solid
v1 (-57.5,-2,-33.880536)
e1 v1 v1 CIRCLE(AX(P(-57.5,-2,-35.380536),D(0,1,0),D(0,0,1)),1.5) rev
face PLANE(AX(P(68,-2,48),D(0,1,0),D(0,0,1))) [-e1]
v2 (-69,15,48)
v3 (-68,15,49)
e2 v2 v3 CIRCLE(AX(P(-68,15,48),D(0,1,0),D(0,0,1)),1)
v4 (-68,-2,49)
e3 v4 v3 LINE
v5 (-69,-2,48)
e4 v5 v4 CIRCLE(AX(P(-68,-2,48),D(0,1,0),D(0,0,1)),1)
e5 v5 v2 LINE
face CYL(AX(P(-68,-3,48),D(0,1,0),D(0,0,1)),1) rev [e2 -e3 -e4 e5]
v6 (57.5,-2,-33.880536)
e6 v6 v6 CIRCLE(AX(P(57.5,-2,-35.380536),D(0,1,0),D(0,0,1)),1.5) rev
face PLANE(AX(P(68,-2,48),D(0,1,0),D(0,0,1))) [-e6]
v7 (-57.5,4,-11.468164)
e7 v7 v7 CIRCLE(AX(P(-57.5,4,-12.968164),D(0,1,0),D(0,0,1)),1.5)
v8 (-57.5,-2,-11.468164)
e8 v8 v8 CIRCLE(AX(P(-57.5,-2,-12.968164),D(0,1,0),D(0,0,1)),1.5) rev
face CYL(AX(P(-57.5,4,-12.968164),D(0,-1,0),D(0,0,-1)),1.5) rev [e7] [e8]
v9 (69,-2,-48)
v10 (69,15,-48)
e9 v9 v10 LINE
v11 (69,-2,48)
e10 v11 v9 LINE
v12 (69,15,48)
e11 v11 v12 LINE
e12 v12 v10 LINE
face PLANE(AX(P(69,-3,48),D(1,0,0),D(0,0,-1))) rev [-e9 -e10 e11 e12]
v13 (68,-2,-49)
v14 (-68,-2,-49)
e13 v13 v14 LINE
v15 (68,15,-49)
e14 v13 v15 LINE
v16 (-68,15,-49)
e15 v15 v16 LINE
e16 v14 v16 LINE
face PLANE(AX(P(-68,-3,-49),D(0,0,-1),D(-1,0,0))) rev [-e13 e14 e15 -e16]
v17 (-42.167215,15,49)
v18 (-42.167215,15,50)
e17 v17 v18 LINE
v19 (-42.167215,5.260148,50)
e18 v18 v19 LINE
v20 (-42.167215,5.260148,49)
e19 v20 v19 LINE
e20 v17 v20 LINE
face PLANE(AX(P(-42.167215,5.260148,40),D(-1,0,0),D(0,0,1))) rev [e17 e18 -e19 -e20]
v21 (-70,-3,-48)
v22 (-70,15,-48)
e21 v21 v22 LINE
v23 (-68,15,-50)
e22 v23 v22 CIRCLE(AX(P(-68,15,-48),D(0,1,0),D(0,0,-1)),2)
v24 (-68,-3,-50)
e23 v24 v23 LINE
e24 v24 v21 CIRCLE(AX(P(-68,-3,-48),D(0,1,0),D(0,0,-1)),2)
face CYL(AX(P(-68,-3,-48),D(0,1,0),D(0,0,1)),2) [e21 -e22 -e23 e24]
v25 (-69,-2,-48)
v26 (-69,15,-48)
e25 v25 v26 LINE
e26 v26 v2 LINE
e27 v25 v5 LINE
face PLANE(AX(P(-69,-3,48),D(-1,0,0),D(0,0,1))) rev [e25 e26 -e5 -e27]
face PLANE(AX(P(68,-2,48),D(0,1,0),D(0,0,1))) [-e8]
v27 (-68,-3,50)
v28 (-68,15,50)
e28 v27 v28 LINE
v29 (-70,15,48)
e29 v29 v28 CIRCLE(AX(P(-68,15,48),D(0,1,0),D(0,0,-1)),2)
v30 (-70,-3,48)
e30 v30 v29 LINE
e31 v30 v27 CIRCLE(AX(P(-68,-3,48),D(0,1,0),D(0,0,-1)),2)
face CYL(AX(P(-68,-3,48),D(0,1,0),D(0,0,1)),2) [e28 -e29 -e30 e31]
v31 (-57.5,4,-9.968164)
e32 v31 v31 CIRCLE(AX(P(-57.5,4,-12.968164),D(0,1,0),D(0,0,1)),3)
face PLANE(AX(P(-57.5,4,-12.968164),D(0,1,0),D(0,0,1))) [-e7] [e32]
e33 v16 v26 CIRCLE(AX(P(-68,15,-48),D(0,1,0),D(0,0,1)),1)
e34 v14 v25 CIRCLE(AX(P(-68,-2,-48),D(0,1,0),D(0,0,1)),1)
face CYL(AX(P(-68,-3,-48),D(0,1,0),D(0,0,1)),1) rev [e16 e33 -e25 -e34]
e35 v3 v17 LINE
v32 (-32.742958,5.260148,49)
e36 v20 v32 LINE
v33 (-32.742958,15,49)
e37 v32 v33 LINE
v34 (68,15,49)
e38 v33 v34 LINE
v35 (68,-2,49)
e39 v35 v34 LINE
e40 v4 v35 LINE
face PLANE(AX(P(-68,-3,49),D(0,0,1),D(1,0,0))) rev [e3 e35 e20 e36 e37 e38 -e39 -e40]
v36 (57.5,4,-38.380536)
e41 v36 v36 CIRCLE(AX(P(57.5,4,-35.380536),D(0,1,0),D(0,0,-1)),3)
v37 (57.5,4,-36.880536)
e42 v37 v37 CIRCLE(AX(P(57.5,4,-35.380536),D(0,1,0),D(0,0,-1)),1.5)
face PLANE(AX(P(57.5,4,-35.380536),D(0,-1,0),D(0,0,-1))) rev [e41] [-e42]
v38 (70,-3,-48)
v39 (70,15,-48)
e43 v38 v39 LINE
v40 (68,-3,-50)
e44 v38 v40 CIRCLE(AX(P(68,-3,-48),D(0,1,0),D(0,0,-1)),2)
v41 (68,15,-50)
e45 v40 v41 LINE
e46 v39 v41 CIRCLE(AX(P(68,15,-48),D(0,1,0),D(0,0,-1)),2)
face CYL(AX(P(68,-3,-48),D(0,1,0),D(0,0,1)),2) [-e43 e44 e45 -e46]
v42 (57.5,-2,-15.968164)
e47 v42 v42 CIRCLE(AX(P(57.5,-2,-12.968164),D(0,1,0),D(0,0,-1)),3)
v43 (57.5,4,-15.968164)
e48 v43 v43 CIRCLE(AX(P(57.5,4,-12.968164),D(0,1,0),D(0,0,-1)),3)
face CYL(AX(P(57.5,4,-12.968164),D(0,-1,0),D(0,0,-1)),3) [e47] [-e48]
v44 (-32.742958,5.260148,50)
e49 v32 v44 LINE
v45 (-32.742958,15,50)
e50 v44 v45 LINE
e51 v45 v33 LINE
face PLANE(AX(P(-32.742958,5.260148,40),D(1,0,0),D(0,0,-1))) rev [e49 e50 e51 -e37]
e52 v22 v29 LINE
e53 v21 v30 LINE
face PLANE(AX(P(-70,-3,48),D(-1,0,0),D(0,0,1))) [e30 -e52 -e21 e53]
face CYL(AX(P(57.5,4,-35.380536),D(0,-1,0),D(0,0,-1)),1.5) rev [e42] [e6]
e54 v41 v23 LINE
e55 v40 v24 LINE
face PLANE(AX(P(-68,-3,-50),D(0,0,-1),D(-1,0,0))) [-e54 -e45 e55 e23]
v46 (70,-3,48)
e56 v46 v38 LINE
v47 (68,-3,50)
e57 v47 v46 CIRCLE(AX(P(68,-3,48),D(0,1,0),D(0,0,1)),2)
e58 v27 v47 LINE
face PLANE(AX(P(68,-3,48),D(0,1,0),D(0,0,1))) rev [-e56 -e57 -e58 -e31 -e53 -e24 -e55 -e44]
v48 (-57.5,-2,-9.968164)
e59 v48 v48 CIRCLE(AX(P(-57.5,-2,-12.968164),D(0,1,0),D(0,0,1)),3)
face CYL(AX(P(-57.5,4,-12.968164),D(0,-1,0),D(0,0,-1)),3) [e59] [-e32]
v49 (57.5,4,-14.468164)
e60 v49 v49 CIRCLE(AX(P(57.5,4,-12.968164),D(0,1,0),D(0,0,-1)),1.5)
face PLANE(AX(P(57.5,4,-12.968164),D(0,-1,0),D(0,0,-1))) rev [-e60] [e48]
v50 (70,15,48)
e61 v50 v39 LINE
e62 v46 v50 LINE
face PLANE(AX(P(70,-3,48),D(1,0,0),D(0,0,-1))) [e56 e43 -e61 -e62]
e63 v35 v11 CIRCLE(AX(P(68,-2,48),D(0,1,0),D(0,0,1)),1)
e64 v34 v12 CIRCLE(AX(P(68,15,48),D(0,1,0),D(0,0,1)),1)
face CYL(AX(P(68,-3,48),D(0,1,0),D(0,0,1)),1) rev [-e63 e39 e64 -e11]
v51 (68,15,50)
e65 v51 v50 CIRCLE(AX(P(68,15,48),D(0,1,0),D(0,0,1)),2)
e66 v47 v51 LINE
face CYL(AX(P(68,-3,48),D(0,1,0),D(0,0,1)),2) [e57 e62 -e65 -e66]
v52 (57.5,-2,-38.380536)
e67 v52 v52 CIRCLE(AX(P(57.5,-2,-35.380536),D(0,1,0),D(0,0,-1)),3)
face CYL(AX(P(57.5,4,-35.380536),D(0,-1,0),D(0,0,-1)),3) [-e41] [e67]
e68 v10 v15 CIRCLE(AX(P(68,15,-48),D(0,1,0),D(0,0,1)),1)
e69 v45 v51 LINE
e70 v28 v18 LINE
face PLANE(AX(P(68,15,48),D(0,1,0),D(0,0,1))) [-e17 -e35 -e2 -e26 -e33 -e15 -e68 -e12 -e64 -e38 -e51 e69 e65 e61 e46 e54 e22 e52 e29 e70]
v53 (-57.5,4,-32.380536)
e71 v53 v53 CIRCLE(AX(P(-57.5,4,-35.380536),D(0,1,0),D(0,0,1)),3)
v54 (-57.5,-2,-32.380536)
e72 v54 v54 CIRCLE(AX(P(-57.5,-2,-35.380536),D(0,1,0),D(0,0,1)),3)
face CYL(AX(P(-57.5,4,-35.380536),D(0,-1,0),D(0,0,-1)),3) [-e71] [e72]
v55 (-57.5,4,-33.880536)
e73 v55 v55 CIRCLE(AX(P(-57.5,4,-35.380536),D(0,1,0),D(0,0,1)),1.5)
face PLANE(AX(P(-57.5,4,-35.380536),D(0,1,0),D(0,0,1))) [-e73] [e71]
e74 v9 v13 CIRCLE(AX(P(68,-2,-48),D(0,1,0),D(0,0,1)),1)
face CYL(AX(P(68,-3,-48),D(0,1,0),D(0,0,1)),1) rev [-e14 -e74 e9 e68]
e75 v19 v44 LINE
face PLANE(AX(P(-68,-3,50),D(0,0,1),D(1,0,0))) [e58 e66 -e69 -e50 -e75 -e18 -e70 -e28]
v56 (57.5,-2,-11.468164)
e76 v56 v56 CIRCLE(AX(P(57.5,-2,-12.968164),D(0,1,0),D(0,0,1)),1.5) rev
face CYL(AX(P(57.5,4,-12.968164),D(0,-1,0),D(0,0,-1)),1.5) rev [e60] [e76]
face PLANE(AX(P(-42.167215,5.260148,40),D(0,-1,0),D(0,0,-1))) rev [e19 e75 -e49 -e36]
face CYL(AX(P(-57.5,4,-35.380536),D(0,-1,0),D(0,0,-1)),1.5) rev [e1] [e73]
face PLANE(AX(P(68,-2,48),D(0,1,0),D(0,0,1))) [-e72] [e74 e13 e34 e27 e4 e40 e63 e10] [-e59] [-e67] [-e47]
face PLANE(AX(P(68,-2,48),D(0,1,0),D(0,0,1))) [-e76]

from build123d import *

# Parameters (mm, degrees)
BOSS_EXTRUDE1_DEPTH      = 15
BOSS_EXTRUDE1_DEPTH_BACK = 3
SHELL1_T                 = -1
SKETCH2_R                = 3
SKETCH2_R_2              = 1.5
BOSS_EXTRUDE2_DEPTH      = 6
SKETCH4_W                = 9.424257845
SKETCH4_H                = 10.522525497
CUT_EXTRUDE1_DEPTH       = 10


with BuildPart() as part:
    # Sketch1 → Boss-Extrude1 (new, two sides: drawn at the far end of the back side and taken through both)
    with BuildSketch(Plane(origin=(0, 0, 0), x_dir=(1, 0, 0), z_dir=(0, 1, 0)).offset(-BOSS_EXTRUDE1_DEPTH_BACK)):
        with BuildLine():
            Line((-68, -50), (68, -50))
            ThreePointArc((68, -50), (69.414213562, -49.414213562), (70, -48))
            Line((70, -48), (70, 48))
            ThreePointArc((70, 48), (69.414213562, 49.414213562), (68, 50))
            Line((68, 50), (-68, 50))
            ThreePointArc((-68, 50), (-69.414213562, 49.414213562), (-70, 48))
            Line((-70, 48), (-70, -48))
            ThreePointArc((-70, -48), (-69.414213562, -49.414213562), (-68, -50))
        make_face()
    extrude(amount=BOSS_EXTRUDE1_DEPTH + BOSS_EXTRUDE1_DEPTH_BACK)

    # Shell1
    shell1_openings = [part.faces().sort_by_distance(p)[0] for p in [
        (0, 15, 0),
    ]]
    offset(amount=SHELL1_T, openings=shell1_openings, kind=Kind.INTERSECTION)

    # Sketch2 → Boss-Extrude2 (add)
    # profile 1 of 4: a face of its own
    with BuildSketch(Plane(origin=(0, -2, 0), x_dir=(1, 0, 0), z_dir=(0, 1, 0))):
        with Locations(Location((-57.5, 35.380535612, 0), (0, 0, 270))):
            Circle(SKETCH2_R)
        with Locations(Location((-57.5, 35.380535612, 0), (0, 0, 270))):
            Circle(SKETCH2_R_2, mode=Mode.SUBTRACT)
    # profile 2 of 4: a face of its own
    with BuildSketch(Plane(origin=(0, -2, 0), x_dir=(1, 0, 0), z_dir=(0, 1, 0))):
        with Locations(Location((-57.5, 12.968164447, 0), (0, 0, 270))):
            Circle(SKETCH2_R)
        with Locations(Location((-57.5, 12.968164447, 0), (0, 0, 270))):
            Circle(SKETCH2_R_2, mode=Mode.SUBTRACT)
    # profile 3 of 4: a face of its own
    with BuildSketch(Plane(origin=(0, -2, 0), x_dir=(1, 0, 0), z_dir=(0, 1, 0))):
        with Locations(Location((57.5, 12.968164447, 0), (0, 0, 90))):
            Circle(SKETCH2_R)
        with Locations(Location((57.5, 12.968164447, 0), (0, 0, 90))):
            Circle(SKETCH2_R_2, mode=Mode.SUBTRACT)
    # profile 4 of 4: a face of its own
    with BuildSketch(Plane(origin=(0, -2, 0), x_dir=(1, 0, 0), z_dir=(0, 1, 0))):
        with Locations(Location((57.5, 35.380535612, 0), (0, 0, 90))):
            Circle(SKETCH2_R)
        with Locations(Location((57.5, 35.380535612, 0), (0, 0, 90))):
            Circle(SKETCH2_R_2, mode=Mode.SUBTRACT)
    extrude(amount=BOSS_EXTRUDE2_DEPTH)

    # Sketch4 → Cut-Extrude1 (cut)
    with BuildSketch(Plane.XY.offset(50)):
        with Locations((-37.455086441, 10.521410827)):
            Rectangle(SKETCH4_W, SKETCH4_H)
    extrude(amount=-CUT_EXTRUDE1_DEPTH, mode=Mode.SUBTRACT)


solid = part.part
